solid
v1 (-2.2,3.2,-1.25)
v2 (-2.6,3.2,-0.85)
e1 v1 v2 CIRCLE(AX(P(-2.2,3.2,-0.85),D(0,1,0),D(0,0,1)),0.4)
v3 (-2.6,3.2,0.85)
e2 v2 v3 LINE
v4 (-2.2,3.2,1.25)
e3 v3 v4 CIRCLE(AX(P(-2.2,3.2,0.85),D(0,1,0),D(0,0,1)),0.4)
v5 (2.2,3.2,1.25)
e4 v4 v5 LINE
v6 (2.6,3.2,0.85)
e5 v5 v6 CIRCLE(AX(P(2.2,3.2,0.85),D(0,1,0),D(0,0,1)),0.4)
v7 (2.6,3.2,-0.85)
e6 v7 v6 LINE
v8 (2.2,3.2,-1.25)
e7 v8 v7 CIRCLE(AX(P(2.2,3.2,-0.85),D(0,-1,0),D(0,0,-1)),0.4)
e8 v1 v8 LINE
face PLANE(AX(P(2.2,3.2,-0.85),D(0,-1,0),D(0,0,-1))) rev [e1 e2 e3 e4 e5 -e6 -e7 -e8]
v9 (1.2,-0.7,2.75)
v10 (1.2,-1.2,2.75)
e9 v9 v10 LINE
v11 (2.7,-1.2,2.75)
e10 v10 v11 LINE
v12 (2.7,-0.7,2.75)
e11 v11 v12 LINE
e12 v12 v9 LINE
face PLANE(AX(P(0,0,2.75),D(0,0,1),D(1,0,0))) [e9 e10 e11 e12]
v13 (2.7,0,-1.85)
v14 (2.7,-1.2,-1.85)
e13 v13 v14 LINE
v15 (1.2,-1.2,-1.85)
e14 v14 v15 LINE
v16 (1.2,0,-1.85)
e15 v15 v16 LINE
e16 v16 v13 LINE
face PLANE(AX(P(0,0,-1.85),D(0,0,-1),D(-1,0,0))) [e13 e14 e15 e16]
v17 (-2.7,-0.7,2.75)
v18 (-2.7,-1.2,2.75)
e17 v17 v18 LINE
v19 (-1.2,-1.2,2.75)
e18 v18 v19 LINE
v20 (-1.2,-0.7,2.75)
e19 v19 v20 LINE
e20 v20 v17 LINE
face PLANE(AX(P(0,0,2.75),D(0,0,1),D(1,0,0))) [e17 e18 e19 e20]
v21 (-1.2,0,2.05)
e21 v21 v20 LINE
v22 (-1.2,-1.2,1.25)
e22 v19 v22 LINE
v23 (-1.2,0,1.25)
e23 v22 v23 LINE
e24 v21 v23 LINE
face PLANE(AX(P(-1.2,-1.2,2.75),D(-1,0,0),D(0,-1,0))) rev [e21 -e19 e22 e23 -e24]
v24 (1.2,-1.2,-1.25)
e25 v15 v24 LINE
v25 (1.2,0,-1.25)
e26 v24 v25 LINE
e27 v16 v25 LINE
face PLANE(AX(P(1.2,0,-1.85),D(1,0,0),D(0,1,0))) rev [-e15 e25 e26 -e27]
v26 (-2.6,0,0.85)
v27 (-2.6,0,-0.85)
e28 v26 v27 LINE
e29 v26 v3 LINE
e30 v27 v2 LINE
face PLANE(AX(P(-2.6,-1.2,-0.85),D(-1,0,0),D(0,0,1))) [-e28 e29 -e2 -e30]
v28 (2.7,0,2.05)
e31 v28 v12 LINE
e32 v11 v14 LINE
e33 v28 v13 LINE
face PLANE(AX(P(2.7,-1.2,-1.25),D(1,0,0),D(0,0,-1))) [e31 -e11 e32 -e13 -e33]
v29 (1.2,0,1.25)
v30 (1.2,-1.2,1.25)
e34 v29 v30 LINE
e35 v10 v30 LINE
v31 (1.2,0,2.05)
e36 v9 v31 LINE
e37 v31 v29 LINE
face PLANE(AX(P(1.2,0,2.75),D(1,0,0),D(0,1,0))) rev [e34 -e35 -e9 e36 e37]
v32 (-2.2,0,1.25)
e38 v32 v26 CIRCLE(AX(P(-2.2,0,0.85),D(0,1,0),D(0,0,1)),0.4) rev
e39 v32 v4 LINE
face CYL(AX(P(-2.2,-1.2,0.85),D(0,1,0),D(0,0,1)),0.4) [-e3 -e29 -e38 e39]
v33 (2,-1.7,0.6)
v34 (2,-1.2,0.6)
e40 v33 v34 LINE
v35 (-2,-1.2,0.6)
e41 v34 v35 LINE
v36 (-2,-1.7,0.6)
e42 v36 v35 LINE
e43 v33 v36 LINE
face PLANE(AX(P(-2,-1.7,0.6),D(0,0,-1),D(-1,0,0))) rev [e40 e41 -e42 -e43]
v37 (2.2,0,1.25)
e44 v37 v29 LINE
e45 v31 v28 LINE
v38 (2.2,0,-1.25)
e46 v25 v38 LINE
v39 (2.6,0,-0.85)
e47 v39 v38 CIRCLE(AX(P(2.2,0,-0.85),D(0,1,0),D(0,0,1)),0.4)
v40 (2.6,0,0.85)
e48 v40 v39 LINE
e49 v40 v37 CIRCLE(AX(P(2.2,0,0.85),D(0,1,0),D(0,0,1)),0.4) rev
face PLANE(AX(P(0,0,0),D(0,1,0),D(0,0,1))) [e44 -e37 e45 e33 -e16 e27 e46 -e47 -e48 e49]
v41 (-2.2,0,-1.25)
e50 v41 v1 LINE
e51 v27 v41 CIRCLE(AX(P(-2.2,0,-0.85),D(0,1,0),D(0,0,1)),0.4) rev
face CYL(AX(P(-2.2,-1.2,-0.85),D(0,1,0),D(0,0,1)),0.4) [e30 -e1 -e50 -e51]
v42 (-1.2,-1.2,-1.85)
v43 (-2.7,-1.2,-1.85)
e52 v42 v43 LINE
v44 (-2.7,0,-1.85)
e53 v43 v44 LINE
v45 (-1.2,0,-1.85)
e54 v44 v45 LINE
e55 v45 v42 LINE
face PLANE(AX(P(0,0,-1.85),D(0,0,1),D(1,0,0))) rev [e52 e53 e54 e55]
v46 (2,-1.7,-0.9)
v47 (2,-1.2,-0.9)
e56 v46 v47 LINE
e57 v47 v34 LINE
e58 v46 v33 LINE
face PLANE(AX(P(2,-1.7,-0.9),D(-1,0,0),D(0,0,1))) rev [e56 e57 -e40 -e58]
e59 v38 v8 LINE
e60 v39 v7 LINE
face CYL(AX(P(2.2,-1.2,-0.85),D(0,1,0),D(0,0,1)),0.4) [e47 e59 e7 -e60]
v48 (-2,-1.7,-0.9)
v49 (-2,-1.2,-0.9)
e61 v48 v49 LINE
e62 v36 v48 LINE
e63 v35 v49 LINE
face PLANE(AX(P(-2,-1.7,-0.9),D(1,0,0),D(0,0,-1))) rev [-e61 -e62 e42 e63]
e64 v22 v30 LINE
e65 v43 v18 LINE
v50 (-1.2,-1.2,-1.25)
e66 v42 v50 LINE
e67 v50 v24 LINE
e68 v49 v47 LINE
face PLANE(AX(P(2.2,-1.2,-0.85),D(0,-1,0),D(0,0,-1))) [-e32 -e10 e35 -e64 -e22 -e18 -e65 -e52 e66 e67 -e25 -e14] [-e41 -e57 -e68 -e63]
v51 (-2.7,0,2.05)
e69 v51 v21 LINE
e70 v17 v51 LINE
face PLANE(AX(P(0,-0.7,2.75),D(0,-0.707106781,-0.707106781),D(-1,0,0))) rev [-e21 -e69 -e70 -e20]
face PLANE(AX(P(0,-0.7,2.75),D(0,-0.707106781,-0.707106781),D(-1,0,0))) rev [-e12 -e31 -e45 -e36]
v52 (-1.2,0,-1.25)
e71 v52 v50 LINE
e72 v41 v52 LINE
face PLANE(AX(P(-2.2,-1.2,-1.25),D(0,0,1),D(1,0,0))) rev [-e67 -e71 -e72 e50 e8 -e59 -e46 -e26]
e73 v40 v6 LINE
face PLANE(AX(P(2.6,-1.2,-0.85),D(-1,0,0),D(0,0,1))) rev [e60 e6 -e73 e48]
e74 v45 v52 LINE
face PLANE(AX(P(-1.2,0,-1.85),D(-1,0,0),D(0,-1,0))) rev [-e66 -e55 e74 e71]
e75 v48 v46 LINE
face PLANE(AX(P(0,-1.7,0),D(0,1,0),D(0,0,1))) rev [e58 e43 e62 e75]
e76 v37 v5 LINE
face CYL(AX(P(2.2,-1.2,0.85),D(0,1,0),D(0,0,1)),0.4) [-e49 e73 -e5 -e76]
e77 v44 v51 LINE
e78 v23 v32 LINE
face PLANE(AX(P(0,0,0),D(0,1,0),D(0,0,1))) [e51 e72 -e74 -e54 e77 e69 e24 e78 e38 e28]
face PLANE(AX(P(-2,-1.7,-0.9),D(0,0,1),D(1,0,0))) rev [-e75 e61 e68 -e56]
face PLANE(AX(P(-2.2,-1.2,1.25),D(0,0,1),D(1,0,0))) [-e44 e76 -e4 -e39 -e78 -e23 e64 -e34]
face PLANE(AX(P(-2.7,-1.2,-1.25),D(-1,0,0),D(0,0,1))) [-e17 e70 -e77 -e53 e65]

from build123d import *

# Parameters (mm, degrees)
EXTRUDE_3_DEPTH      = 3.2
EXTRUDE_3_DEPTH_BACK = 1.2
SKETCH_2_W           = 5.4
SKETCH_2_H           = 2.5
EXTRUDE_4_DEPTH      = 1.2
SKETCH_5_W           = 4
SKETCH_5_H           = 1.5
EXTRUDE_7_DEPTH      = 0.5
SKETCH_6_W           = 1.5
SKETCH_6_H           = 1.2
EXTRUDE_8_DEPTH      = 0.6
SKETCH_7_W           = 1.5
SKETCH_7_H           = 1.2
EXTRUDE_9_DEPTH      = 1.5
CHAMFER_2_SIZE       = 0.7


with BuildPart() as part:
    # 草图1 → 凸台-拉伸3 (new, two sides: drawn at the far end of the back side and taken through both)
    with BuildSketch(Plane(origin=(0, 0, 0), x_dir=(1, 0, 0), z_dir=(0, 1, 0)).offset(-EXTRUDE_3_DEPTH_BACK)):
        with BuildLine():
            Line((-2.6, 0.85), (-2.6, -0.85))
            ThreePointArc((-2.6, -0.85), (-2.482842712, -1.132842712), (-2.2, -1.25))
            Line((-2.2, -1.25), (2.2, -1.25))
            ThreePointArc((2.2, -1.25), (2.482842712, -1.132842712), (2.6, -0.85))
            Line((2.6, -0.85), (2.6, 0.85))
            ThreePointArc((2.6, 0.85), (2.482842712, 1.132842712), (2.2, 1.25))
            Line((2.2, 1.25), (-2.2, 1.25))
            ThreePointArc((-2.2, 1.25), (-2.482842712, 1.132842712), (-2.6, 0.85))
        make_face()
    extrude(amount=EXTRUDE_3_DEPTH + EXTRUDE_3_DEPTH_BACK)

    # 草图2 → 凸台-拉伸4 (add)
    with BuildSketch(Plane(origin=(0, 0, 0), x_dir=(1, 0, 0), z_dir=(0, 1, 0))):
        Rectangle(SKETCH_2_W, SKETCH_2_H)
    extrude(amount=-EXTRUDE_4_DEPTH)

    # 草图5 → 凸台-拉伸7 (add)
    with BuildSketch(Plane(origin=(0, -1.2, 0), x_dir=(-1, 0, 0), z_dir=(0, -1, 0))):
        with Locations((0, 0.15)):
            Rectangle(SKETCH_5_W, SKETCH_5_H)
    extrude(amount=EXTRUDE_7_DEPTH)

    # 草图6 → 凸台-拉伸8 (add)
    with BuildSketch(Plane(origin=(0, 0, -1.25), x_dir=(-1, 0, 0), z_dir=(0, 0, -1))):
        with Locations((1.95, -0.6)):
            Rectangle(SKETCH_6_W, SKETCH_6_H)
        with Locations((-1.95, -0.6)):
            Rectangle(SKETCH_6_W, SKETCH_6_H)
    extrude(amount=EXTRUDE_8_DEPTH)

    # 草图7 → 凸台-拉伸9 (add)
    with BuildSketch(Plane.XY.offset(1.25)):
        with Locations((1.95, -0.6)):
            Rectangle(SKETCH_7_W, SKETCH_7_H)
        with Locations((-1.95, -0.6)):
            Rectangle(SKETCH_7_W, SKETCH_7_H)
    extrude(amount=EXTRUDE_9_DEPTH)

    # 倒角2
    chamfer_2_edges = [part.edges().sort_by_distance(p)[0] for p in [
        (1.95, 0, 2.75),
        (-1.95, 0, 2.75),
    ]]
    chamfer(chamfer_2_edges, length=CHAMFER_2_SIZE)


solid = part.part
